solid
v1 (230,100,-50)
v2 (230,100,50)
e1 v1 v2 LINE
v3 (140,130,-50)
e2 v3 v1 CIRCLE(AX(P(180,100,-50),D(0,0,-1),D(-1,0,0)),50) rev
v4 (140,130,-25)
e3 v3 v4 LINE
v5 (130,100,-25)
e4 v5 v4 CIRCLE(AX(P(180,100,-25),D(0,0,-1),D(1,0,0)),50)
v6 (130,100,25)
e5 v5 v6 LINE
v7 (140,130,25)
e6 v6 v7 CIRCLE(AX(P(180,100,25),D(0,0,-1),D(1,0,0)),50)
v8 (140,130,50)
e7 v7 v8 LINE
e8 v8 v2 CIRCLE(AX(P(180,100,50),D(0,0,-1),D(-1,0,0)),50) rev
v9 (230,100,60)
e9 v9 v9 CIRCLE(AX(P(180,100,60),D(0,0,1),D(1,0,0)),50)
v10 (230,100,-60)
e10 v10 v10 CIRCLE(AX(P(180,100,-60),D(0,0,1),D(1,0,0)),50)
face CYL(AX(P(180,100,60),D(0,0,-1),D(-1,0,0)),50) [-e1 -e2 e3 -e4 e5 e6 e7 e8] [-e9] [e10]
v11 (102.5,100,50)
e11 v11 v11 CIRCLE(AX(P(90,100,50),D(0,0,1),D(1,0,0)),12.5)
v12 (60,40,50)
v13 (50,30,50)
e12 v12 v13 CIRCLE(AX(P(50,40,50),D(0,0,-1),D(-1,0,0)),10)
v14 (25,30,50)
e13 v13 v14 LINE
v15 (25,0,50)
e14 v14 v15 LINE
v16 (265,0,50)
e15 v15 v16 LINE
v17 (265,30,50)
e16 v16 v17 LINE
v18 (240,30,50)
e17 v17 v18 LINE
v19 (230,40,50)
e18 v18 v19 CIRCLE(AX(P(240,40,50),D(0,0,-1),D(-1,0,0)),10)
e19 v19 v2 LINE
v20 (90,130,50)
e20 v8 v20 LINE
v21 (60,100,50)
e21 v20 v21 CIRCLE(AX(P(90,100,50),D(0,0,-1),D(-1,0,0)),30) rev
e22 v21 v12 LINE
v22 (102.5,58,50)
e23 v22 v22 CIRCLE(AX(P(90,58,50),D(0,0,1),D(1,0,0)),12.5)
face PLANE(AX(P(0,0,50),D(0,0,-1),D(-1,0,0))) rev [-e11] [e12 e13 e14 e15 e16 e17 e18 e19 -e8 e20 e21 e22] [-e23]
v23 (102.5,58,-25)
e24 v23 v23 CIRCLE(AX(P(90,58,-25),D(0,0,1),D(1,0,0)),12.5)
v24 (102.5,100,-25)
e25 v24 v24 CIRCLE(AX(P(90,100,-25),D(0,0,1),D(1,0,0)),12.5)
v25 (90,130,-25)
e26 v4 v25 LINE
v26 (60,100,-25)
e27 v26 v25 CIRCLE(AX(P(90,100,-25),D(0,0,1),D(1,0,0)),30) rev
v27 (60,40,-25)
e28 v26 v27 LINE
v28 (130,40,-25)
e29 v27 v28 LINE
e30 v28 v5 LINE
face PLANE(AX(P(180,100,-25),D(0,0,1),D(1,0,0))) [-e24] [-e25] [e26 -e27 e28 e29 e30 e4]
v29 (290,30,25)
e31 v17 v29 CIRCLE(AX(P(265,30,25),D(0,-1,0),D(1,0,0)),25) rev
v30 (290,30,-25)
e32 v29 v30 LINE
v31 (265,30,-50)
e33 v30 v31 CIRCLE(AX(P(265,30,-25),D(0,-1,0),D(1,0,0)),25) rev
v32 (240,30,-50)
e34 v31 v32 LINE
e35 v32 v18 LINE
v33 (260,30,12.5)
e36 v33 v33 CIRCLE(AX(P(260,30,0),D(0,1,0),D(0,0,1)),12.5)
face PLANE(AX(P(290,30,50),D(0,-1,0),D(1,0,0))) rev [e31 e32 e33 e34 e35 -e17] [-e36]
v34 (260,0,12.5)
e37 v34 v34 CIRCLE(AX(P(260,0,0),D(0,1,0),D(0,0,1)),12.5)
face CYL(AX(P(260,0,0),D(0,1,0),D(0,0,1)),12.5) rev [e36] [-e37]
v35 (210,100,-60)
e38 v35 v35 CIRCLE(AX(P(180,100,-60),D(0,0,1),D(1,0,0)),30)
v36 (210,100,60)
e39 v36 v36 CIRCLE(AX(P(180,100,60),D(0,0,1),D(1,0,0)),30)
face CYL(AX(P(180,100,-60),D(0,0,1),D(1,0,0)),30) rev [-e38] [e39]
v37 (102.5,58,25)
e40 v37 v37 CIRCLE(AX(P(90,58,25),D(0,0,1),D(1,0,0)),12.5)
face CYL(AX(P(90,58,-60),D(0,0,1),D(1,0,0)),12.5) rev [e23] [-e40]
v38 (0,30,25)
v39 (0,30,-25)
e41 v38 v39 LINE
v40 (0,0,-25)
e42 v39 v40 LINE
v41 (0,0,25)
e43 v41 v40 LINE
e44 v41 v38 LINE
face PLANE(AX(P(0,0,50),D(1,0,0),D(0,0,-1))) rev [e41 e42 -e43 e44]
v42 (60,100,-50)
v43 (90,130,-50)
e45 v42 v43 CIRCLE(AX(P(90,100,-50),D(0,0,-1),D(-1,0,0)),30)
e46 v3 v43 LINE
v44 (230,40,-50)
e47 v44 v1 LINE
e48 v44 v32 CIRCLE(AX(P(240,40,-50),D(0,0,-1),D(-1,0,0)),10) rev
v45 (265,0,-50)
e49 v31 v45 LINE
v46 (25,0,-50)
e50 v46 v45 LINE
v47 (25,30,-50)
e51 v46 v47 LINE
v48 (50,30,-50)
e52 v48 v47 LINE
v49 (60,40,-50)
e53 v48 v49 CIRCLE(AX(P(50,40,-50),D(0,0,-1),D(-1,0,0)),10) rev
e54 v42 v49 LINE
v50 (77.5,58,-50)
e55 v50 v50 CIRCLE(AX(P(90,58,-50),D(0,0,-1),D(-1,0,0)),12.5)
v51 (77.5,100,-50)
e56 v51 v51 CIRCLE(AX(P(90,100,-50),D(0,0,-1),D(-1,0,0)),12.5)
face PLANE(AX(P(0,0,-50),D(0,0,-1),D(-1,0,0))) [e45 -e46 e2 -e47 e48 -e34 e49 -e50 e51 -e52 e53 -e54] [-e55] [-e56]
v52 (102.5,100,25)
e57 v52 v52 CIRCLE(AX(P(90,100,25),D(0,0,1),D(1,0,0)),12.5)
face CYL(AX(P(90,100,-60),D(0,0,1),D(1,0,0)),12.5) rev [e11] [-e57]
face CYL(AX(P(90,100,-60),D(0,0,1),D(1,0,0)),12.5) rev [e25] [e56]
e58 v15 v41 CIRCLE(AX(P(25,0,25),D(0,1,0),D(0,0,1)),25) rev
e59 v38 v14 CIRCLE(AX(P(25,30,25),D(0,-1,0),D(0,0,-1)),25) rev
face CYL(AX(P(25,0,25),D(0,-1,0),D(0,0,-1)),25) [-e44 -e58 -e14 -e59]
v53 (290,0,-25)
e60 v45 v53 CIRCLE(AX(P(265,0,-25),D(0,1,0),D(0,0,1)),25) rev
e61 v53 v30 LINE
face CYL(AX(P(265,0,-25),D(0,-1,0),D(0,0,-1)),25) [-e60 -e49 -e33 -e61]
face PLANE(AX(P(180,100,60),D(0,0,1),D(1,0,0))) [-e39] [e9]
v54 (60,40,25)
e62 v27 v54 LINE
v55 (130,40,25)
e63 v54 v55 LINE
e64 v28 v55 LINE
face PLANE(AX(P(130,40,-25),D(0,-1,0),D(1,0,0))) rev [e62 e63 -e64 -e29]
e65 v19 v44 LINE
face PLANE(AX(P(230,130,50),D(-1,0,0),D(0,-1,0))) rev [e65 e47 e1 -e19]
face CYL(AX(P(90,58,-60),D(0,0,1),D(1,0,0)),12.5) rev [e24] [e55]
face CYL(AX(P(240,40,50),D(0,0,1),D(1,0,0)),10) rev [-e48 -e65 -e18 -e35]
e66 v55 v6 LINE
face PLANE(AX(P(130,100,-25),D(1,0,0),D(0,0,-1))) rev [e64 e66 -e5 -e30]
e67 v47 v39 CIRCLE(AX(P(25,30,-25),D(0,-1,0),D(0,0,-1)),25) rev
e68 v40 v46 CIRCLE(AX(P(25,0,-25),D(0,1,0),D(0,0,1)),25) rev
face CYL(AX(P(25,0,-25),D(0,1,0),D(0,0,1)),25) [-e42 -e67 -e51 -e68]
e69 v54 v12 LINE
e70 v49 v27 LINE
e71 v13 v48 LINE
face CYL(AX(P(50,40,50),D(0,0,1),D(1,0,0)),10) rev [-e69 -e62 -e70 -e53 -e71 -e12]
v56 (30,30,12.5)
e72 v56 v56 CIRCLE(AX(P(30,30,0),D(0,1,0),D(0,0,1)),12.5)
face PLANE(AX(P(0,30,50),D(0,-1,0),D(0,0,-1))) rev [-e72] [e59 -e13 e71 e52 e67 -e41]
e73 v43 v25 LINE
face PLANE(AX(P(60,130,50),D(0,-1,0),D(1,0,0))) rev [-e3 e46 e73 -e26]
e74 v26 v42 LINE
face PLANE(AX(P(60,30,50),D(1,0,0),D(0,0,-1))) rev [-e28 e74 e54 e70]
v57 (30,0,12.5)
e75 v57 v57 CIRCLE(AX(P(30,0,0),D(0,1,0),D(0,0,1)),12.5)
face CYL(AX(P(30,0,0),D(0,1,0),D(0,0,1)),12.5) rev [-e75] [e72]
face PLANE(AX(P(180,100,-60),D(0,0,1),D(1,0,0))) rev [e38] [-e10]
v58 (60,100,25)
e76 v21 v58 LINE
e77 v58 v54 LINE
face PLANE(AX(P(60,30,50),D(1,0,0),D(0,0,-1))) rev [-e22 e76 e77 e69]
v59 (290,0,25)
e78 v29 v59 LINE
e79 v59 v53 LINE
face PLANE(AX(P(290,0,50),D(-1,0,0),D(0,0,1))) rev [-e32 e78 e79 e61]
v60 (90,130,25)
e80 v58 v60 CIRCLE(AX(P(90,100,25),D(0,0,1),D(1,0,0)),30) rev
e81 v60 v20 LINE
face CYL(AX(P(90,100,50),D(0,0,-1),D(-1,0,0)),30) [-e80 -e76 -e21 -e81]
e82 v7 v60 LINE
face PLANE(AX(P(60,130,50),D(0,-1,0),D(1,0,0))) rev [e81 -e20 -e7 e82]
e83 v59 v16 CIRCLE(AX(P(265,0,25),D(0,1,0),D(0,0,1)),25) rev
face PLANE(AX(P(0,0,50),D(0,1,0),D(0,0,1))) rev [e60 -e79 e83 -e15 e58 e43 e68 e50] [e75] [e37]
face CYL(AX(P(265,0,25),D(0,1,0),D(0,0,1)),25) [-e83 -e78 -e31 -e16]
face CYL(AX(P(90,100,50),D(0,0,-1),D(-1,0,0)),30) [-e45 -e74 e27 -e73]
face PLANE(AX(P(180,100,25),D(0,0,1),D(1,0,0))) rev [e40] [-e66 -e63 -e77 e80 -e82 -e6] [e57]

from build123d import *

# Parameters (mm, degrees)
BOSS_EXTRUDE1_DEPTH = 50
FILLET1_R           = 30
SKETCH2_R           = 50
BOSS_EXTRUDE2_DEPTH = 60
SKETCH3_R           = 30
CUT_EXTRUDE1_DEPTH  = 121
FILLET2_R           = 10
CUT_EXTRUDE2_DEPTH  = 25
SKETCH6_R           = 12.5
CUT_EXTRUDE3_DEPTH  = 111
FILLET3_R           = 25
SKETCH10_R          = 12.5
CUT_EXTRUDE5_DEPTH  = 31


with BuildPart() as part:
    # Sketch1 → Boss-Extrude1 (new body, symmetric)
    with BuildSketch(Plane.XY):
        Polygon((0, 0), (290, 0), (290, 30), (230, 30), (230, 130), (60, 130), (60, 30), (0, 30), align=None)
    extrude(amount=BOSS_EXTRUDE1_DEPTH, both=True)

    # Fillet1
    fillet1_edges = [part.edges().sort_by_distance(p)[0] for p in [
        (60, 130, 0),
        (230, 130, 0),
    ]]
    fillet(fillet1_edges, radius=FILLET1_R)

    # Sketch2 → Boss-Extrude2 (add, symmetric)
    with BuildSketch(Plane.XY):
        with Locations((180, 100)):
            Circle(SKETCH2_R)
    extrude(amount=BOSS_EXTRUDE2_DEPTH, both=True)

    # Sketch3 → Cut-Extrude1 (cut, through all)
    with BuildSketch(Plane.XY.offset(60)):
        with Locations((180, 100)):
            Circle(SKETCH3_R)
    extrude(amount=-CUT_EXTRUDE1_DEPTH, mode=Mode.SUBTRACT)

    # Fillet2
    fillet2_edges = [part.edges().sort_by_distance(p)[0] for p in [
        (60, 30, 0),
        (230, 30, 0),
    ]]
    fillet(fillet2_edges, radius=FILLET2_R)

    # Sketch5 → Cut-Extrude2 (cut, symmetric)
    with BuildSketch(Plane.XY):
        with BuildLine():
            Line((140, 130), (60, 130))
            Line((60, 130), (60, 40))
            Line((60, 40), (130, 40))
            Line((130, 40), (130, 100))
            ThreePointArc((130, 100), (132.565835097, 115.811388301), (140, 130))
        make_face()
    extrude(amount=CUT_EXTRUDE2_DEPTH, both=True, mode=Mode.SUBTRACT)

    # Sketch6 → Cut-Extrude3 (cut, through all)
    with BuildSketch(Plane.XY.offset(50)):
        with Locations((90, 100)):
            Circle(SKETCH6_R)
        with Locations((90, 58)):
            Circle(SKETCH6_R)
    extrude(amount=-CUT_EXTRUDE3_DEPTH, mode=Mode.SUBTRACT)

    # Fillet3
    fillet3_edges = [part.edges().sort_by_distance(p)[0] for p in [
        (290, 15, 50),
        (0, 15, -50),
        (0, 15, 50),
        (290, 15, -50),
    ]]
    fillet(fillet3_edges, radius=FILLET3_R)

    # Sketch10 → Cut-Extrude5 (cut, through all)
    with BuildSketch(Plane(origin=(0, 30, 0), x_dir=(1, 0, 0), z_dir=(0, 1, 0))):
        with Locations(Location((30, 0, 0), (0, 0, 270))):  # turned: the seam where the file's is
            Circle(SKETCH10_R)
        with Locations(Location((260, 0, 0), (0, 0, 270))):  # turned: the seam where the file's is
            Circle(SKETCH10_R)
    extrude(amount=-CUT_EXTRUDE5_DEPTH, mode=Mode.SUBTRACT)


solid = part.part
